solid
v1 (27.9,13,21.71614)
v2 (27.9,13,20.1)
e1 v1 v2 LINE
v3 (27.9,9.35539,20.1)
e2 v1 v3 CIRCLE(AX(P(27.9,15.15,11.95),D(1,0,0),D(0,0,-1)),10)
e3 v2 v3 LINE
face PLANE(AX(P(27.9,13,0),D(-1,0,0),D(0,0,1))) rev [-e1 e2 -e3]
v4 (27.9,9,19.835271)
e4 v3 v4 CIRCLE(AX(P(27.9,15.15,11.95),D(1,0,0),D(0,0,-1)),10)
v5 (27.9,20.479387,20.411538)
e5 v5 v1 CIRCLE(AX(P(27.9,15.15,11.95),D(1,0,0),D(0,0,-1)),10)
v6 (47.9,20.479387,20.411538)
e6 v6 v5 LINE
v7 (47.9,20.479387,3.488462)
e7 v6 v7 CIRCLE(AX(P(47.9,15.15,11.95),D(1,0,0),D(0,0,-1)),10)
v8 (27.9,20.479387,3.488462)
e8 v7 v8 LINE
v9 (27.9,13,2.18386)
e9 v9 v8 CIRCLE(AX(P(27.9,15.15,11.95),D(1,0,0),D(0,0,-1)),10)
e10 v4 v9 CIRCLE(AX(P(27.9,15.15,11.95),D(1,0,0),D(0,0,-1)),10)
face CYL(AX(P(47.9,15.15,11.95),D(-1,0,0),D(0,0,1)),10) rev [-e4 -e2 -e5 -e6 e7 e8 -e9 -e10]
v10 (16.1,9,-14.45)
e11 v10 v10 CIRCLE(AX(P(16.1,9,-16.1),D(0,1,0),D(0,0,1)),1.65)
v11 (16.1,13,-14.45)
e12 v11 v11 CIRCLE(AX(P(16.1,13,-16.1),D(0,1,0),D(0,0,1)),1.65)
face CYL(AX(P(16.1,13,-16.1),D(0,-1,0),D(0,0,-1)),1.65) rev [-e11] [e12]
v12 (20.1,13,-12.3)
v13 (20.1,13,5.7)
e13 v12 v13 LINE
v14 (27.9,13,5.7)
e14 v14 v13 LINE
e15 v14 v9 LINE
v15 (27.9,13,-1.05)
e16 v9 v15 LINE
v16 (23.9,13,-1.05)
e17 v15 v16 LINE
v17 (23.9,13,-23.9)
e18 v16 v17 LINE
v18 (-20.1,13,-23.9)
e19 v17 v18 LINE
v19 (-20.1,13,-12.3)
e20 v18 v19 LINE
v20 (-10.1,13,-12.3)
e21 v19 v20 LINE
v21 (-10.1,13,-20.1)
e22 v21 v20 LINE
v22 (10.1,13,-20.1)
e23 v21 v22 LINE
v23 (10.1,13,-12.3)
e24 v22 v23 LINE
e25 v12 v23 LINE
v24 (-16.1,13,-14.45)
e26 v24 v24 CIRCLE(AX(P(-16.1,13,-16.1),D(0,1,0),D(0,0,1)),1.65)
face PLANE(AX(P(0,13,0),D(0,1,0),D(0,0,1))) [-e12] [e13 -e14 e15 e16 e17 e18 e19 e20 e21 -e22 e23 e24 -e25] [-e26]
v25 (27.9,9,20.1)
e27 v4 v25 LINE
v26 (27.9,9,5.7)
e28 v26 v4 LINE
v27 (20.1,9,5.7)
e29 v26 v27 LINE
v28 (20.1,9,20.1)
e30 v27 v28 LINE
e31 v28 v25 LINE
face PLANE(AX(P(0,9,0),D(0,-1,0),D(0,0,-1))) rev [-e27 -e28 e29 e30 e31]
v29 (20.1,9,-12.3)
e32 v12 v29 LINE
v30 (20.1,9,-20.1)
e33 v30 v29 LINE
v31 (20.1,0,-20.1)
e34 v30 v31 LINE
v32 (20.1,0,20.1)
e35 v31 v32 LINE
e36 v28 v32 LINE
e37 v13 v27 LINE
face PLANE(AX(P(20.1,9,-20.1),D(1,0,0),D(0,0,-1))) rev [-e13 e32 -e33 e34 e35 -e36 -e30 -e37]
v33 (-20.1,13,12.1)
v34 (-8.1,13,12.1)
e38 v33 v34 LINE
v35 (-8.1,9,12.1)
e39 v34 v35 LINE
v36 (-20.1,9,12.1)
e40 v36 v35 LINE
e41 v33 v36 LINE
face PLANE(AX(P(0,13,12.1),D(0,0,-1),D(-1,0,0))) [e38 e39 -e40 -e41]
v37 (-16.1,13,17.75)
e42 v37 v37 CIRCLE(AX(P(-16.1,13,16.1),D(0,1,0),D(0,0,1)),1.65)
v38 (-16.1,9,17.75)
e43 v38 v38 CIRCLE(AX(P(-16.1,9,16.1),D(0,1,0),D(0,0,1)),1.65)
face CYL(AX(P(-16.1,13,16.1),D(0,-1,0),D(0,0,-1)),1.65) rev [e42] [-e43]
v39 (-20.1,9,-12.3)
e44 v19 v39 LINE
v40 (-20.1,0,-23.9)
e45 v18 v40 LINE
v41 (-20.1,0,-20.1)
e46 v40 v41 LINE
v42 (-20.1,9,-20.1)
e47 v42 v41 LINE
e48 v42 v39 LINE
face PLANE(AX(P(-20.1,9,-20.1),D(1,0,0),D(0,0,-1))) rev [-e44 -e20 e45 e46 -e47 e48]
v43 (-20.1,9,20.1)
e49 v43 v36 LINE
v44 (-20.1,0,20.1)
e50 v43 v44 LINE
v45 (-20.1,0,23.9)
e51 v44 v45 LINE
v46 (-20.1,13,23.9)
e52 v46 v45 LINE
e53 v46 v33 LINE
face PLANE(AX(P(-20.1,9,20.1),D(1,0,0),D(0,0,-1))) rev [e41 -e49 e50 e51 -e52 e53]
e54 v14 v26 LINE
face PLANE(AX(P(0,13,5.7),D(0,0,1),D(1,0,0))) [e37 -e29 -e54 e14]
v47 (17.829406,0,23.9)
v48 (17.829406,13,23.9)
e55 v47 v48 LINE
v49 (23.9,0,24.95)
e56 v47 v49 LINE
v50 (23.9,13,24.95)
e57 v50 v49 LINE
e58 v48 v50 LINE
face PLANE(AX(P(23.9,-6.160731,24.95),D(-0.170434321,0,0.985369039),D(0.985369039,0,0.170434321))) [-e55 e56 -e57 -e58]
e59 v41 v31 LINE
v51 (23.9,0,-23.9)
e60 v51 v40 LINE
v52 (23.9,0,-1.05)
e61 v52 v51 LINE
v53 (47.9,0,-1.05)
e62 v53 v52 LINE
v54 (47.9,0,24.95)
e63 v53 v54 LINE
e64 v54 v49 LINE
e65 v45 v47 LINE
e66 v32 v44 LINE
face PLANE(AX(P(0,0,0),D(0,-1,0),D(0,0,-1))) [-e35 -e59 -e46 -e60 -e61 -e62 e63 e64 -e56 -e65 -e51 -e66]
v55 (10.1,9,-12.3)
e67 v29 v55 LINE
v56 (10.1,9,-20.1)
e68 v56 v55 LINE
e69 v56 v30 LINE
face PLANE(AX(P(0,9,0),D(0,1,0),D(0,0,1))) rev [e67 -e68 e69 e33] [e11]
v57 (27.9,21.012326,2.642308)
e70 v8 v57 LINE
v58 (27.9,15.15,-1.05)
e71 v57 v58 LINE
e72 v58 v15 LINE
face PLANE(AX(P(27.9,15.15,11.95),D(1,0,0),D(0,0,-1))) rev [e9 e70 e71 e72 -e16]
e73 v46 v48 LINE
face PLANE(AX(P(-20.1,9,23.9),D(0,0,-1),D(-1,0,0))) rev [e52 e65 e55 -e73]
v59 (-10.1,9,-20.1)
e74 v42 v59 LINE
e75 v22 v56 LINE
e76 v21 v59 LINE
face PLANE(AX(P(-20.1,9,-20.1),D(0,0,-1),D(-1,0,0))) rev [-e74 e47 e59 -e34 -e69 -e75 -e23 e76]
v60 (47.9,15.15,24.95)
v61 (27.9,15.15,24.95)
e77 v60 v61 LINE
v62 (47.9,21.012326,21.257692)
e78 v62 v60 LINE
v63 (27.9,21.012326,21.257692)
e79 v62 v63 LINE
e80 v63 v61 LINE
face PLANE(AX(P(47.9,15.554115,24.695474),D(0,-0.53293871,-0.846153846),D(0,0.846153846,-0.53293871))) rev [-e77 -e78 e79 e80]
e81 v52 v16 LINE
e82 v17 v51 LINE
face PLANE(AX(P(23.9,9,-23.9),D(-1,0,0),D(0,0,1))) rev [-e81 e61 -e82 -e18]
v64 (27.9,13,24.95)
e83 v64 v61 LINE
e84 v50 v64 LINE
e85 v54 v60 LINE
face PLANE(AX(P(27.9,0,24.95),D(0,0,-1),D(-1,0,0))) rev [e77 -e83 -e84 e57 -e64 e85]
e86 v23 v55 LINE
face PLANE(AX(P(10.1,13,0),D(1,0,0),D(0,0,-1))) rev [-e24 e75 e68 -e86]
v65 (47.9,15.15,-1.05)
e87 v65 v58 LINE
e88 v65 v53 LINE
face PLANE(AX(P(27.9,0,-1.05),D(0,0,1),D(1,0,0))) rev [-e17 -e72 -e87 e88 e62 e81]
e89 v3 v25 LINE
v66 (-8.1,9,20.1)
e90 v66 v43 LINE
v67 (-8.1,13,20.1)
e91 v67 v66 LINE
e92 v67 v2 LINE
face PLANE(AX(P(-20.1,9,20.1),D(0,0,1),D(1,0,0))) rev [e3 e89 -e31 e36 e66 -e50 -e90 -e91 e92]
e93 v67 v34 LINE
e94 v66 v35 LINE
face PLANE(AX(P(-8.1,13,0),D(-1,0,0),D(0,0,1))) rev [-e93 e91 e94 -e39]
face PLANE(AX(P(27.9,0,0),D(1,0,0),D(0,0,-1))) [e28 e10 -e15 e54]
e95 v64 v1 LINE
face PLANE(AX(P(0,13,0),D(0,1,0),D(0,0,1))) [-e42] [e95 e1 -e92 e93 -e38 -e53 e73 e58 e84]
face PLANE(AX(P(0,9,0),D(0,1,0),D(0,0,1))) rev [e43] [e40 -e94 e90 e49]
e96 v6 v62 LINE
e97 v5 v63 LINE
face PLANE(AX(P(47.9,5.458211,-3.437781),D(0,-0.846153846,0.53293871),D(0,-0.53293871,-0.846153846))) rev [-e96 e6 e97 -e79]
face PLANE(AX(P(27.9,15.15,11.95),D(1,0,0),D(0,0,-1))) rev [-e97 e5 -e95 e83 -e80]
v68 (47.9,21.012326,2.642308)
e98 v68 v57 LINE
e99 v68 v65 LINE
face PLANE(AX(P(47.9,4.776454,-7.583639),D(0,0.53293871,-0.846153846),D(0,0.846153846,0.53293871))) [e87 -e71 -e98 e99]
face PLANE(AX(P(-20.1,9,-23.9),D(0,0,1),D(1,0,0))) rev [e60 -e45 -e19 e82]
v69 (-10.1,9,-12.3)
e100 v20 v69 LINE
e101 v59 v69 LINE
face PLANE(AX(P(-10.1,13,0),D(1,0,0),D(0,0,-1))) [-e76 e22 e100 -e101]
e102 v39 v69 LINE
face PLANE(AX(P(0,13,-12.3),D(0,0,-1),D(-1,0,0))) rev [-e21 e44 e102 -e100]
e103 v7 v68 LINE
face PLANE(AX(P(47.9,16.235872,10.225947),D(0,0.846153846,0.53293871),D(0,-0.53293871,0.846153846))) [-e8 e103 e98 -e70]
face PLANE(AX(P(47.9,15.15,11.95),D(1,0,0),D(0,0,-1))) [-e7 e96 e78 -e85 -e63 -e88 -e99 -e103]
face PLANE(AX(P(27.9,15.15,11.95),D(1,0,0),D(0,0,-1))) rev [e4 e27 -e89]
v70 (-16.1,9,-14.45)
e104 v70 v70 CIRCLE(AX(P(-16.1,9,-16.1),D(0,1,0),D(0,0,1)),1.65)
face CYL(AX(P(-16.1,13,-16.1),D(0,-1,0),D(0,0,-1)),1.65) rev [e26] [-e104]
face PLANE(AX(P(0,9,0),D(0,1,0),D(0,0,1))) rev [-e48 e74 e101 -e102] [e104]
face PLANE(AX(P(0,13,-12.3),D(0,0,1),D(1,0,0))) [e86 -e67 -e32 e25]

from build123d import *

# Parameters (mm, degrees)
BOSS_EXTRUDE1_DEPTH = 9
SKETCH11_W          = 26
SKETCH11_H          = 9
BOSS_EXTRUDE2_DEPTH = 4
BOSS_EXTRUDE3_START = 4
BOSS_EXTRUDE3_DEPTH = 20
BOSS_EXTRUDE4_DEPTH = 9
SKETCH13_W          = 12
SKETCH13_H          = 8
SKETCH13_R          = 1.65
SKETCH13_H_2        = 3.8
SKETCH13_W_2        = 20.2
SKETCH13_W_3        = 4
SKETCH13_H_3        = 6.75
BOSS_EXTRUDE5_DEPTH = 4


with BuildPart() as part:
    # Sketch1 → Boss-Extrude1 (new body)
    with BuildSketch(Plane(origin=(0, 0, 0), x_dir=(1, 0, 0), z_dir=(0, 1, 0))):
        Polygon((-20.1, 20.1), (20.1, 20.1), (20.1, -20.1), (-20.1, -20.1), (-20.1, -23.9), (23.9, -23.9), (23.9, 23.9), (-20.1, 23.9), align=None)
    extrude(amount=BOSS_EXTRUDE1_DEPTH)

    # Sketch11 → Boss-Extrude2 (add)
    with BuildSketch(Plane(origin=(23.9, 0, 0), x_dir=(0, 0, -1), z_dir=(1, 0, 0))):
        with Locations((-11.95, 4.5)):
            Rectangle(SKETCH11_W, SKETCH11_H)
    extrude(amount=BOSS_EXTRUDE2_DEPTH)

    # Sketch10 → Boss-Extrude3 (add)
    with BuildSketch(Plane(origin=(23.9, 0, 0), x_dir=(0, 0, -1), z_dir=(1, 0, 0)).offset(BOSS_EXTRUDE3_START)):
        with BuildLine():
            Line((-21.257692308, 21.01232581), (-24.95, 15.15))
            Line((-24.95, 15.15), (-24.95, 0))
            Line((-24.95, 0), (1.05, 0))
            Line((1.05, 0), (1.05, 15.15))
            Line((1.05, 15.15), (-2.642307692, 21.01232581))
            Line((-2.642307692, 21.01232581), (-3.488461538, 20.4793871))
            ThreePointArc((-3.488461538, 20.4793871), (-11.95, 5.15), (-20.411538462, 20.4793871))
            Line((-20.411538462, 20.4793871), (-21.257692308, 21.01232581))
        make_face()
    extrude(amount=BOSS_EXTRUDE3_DEPTH)

    # Sketch12 → Boss-Extrude4 (add)
    with BuildSketch(Plane(origin=(0, 9, 0), x_dir=(1, 0, 0), z_dir=(0, 1, 0))):
        Polygon((23.9, -24.95), (17.829406445, -23.9), (23.9, -23.9), align=None)
    extrude(amount=-BOSS_EXTRUDE4_DEPTH)

    # Sketch13 → Boss-Extrude5 (add)
    # profile 1 of 9: a face of its own
    with BuildSketch(Plane(origin=(0, 9, 0), x_dir=(1, 0, 0), z_dir=(0, 1, 0))):
        with Locations((-14.1, -16.1)):
            Rectangle(SKETCH13_W, SKETCH13_H)
        with Locations(Location((-16.1, -16.1, 0), (0, 0, 270))):
            Circle(SKETCH13_R, mode=Mode.SUBTRACT)
    # profile 2 of 9: a face of its own
    with BuildSketch(Plane(origin=(0, 9, 0), x_dir=(1, 0, 0), z_dir=(0, 1, 0))):
        with Locations((-14.1, -22)):
            Rectangle(SKETCH13_W, SKETCH13_H_2)
    # profile 3 of 9: a face of its own
    with BuildSketch(Plane(origin=(0, 9, 0), x_dir=(1, 0, 0), z_dir=(0, 1, 0))):
        Polygon((27.9, -20.1), (-8.1, -20.1), (-8.1, -23.9), (17.829406445, -23.9), (27.9, -23.9), align=None)
    # profile 4 of 9: a face of its own
    with BuildSketch(Plane(origin=(0, 9, 0), x_dir=(1, 0, 0), z_dir=(0, 1, 0))):
        Polygon((27.9, -23.9), (17.829406445, -23.9), (23.9, -24.95), (27.9, -24.95), align=None)
    # profile 5 of 9: a face of its own
    with BuildSketch(Plane(origin=(0, 9, 0), x_dir=(1, 0, 0), z_dir=(0, 1, 0))):
        Polygon((23.9, 12.3), (23.9, 23.9), (10.1, 23.9), (10.1, 20.1), (10.1, 12.3), (20.1, 12.3), align=None)
        with Locations(Location((16.1, 16.1, 0), (0, 0, 270))):
            Circle(SKETCH13_R, mode=Mode.SUBTRACT)
    # profile 6 of 9: a face of its own
    with BuildSketch(Plane(origin=(0, 9, 0), x_dir=(1, 0, 0), z_dir=(0, 1, 0))):
        with Locations((0, 22)):
            Rectangle(SKETCH13_W_2, SKETCH13_H_2)
    # profile 7 of 9: a face of its own
    with BuildSketch(Plane(origin=(0, 9, 0), x_dir=(1, 0, 0), z_dir=(0, 1, 0))):
        Polygon((23.9, 1.05), (23.9, 12.3), (20.1, 12.3), (20.1, -5.7), (23.9, -5.7), align=None)
    # profile 8 of 9: a face of its own
    with BuildSketch(Plane(origin=(0, 9, 0), x_dir=(1, 0, 0), z_dir=(0, 1, 0))):
        Polygon((-10.1, 20.1), (-10.1, 23.9), (-20.1, 23.9), (-20.1, 12.3), (-10.1, 12.3), align=None)
        with Locations(Location((-16.1, 16.1, 0), (0, 0, 270))):
            Circle(SKETCH13_R, mode=Mode.SUBTRACT)
    # profile 9 of 9: a face of its own
    with BuildSketch(Plane(origin=(0, 9, 0), x_dir=(1, 0, 0), z_dir=(0, 1, 0))):
        with Locations((25.9, -2.325)):
            Rectangle(SKETCH13_W_3, SKETCH13_H_3)
    extrude(amount=BOSS_EXTRUDE5_DEPTH)


solid = part.part
